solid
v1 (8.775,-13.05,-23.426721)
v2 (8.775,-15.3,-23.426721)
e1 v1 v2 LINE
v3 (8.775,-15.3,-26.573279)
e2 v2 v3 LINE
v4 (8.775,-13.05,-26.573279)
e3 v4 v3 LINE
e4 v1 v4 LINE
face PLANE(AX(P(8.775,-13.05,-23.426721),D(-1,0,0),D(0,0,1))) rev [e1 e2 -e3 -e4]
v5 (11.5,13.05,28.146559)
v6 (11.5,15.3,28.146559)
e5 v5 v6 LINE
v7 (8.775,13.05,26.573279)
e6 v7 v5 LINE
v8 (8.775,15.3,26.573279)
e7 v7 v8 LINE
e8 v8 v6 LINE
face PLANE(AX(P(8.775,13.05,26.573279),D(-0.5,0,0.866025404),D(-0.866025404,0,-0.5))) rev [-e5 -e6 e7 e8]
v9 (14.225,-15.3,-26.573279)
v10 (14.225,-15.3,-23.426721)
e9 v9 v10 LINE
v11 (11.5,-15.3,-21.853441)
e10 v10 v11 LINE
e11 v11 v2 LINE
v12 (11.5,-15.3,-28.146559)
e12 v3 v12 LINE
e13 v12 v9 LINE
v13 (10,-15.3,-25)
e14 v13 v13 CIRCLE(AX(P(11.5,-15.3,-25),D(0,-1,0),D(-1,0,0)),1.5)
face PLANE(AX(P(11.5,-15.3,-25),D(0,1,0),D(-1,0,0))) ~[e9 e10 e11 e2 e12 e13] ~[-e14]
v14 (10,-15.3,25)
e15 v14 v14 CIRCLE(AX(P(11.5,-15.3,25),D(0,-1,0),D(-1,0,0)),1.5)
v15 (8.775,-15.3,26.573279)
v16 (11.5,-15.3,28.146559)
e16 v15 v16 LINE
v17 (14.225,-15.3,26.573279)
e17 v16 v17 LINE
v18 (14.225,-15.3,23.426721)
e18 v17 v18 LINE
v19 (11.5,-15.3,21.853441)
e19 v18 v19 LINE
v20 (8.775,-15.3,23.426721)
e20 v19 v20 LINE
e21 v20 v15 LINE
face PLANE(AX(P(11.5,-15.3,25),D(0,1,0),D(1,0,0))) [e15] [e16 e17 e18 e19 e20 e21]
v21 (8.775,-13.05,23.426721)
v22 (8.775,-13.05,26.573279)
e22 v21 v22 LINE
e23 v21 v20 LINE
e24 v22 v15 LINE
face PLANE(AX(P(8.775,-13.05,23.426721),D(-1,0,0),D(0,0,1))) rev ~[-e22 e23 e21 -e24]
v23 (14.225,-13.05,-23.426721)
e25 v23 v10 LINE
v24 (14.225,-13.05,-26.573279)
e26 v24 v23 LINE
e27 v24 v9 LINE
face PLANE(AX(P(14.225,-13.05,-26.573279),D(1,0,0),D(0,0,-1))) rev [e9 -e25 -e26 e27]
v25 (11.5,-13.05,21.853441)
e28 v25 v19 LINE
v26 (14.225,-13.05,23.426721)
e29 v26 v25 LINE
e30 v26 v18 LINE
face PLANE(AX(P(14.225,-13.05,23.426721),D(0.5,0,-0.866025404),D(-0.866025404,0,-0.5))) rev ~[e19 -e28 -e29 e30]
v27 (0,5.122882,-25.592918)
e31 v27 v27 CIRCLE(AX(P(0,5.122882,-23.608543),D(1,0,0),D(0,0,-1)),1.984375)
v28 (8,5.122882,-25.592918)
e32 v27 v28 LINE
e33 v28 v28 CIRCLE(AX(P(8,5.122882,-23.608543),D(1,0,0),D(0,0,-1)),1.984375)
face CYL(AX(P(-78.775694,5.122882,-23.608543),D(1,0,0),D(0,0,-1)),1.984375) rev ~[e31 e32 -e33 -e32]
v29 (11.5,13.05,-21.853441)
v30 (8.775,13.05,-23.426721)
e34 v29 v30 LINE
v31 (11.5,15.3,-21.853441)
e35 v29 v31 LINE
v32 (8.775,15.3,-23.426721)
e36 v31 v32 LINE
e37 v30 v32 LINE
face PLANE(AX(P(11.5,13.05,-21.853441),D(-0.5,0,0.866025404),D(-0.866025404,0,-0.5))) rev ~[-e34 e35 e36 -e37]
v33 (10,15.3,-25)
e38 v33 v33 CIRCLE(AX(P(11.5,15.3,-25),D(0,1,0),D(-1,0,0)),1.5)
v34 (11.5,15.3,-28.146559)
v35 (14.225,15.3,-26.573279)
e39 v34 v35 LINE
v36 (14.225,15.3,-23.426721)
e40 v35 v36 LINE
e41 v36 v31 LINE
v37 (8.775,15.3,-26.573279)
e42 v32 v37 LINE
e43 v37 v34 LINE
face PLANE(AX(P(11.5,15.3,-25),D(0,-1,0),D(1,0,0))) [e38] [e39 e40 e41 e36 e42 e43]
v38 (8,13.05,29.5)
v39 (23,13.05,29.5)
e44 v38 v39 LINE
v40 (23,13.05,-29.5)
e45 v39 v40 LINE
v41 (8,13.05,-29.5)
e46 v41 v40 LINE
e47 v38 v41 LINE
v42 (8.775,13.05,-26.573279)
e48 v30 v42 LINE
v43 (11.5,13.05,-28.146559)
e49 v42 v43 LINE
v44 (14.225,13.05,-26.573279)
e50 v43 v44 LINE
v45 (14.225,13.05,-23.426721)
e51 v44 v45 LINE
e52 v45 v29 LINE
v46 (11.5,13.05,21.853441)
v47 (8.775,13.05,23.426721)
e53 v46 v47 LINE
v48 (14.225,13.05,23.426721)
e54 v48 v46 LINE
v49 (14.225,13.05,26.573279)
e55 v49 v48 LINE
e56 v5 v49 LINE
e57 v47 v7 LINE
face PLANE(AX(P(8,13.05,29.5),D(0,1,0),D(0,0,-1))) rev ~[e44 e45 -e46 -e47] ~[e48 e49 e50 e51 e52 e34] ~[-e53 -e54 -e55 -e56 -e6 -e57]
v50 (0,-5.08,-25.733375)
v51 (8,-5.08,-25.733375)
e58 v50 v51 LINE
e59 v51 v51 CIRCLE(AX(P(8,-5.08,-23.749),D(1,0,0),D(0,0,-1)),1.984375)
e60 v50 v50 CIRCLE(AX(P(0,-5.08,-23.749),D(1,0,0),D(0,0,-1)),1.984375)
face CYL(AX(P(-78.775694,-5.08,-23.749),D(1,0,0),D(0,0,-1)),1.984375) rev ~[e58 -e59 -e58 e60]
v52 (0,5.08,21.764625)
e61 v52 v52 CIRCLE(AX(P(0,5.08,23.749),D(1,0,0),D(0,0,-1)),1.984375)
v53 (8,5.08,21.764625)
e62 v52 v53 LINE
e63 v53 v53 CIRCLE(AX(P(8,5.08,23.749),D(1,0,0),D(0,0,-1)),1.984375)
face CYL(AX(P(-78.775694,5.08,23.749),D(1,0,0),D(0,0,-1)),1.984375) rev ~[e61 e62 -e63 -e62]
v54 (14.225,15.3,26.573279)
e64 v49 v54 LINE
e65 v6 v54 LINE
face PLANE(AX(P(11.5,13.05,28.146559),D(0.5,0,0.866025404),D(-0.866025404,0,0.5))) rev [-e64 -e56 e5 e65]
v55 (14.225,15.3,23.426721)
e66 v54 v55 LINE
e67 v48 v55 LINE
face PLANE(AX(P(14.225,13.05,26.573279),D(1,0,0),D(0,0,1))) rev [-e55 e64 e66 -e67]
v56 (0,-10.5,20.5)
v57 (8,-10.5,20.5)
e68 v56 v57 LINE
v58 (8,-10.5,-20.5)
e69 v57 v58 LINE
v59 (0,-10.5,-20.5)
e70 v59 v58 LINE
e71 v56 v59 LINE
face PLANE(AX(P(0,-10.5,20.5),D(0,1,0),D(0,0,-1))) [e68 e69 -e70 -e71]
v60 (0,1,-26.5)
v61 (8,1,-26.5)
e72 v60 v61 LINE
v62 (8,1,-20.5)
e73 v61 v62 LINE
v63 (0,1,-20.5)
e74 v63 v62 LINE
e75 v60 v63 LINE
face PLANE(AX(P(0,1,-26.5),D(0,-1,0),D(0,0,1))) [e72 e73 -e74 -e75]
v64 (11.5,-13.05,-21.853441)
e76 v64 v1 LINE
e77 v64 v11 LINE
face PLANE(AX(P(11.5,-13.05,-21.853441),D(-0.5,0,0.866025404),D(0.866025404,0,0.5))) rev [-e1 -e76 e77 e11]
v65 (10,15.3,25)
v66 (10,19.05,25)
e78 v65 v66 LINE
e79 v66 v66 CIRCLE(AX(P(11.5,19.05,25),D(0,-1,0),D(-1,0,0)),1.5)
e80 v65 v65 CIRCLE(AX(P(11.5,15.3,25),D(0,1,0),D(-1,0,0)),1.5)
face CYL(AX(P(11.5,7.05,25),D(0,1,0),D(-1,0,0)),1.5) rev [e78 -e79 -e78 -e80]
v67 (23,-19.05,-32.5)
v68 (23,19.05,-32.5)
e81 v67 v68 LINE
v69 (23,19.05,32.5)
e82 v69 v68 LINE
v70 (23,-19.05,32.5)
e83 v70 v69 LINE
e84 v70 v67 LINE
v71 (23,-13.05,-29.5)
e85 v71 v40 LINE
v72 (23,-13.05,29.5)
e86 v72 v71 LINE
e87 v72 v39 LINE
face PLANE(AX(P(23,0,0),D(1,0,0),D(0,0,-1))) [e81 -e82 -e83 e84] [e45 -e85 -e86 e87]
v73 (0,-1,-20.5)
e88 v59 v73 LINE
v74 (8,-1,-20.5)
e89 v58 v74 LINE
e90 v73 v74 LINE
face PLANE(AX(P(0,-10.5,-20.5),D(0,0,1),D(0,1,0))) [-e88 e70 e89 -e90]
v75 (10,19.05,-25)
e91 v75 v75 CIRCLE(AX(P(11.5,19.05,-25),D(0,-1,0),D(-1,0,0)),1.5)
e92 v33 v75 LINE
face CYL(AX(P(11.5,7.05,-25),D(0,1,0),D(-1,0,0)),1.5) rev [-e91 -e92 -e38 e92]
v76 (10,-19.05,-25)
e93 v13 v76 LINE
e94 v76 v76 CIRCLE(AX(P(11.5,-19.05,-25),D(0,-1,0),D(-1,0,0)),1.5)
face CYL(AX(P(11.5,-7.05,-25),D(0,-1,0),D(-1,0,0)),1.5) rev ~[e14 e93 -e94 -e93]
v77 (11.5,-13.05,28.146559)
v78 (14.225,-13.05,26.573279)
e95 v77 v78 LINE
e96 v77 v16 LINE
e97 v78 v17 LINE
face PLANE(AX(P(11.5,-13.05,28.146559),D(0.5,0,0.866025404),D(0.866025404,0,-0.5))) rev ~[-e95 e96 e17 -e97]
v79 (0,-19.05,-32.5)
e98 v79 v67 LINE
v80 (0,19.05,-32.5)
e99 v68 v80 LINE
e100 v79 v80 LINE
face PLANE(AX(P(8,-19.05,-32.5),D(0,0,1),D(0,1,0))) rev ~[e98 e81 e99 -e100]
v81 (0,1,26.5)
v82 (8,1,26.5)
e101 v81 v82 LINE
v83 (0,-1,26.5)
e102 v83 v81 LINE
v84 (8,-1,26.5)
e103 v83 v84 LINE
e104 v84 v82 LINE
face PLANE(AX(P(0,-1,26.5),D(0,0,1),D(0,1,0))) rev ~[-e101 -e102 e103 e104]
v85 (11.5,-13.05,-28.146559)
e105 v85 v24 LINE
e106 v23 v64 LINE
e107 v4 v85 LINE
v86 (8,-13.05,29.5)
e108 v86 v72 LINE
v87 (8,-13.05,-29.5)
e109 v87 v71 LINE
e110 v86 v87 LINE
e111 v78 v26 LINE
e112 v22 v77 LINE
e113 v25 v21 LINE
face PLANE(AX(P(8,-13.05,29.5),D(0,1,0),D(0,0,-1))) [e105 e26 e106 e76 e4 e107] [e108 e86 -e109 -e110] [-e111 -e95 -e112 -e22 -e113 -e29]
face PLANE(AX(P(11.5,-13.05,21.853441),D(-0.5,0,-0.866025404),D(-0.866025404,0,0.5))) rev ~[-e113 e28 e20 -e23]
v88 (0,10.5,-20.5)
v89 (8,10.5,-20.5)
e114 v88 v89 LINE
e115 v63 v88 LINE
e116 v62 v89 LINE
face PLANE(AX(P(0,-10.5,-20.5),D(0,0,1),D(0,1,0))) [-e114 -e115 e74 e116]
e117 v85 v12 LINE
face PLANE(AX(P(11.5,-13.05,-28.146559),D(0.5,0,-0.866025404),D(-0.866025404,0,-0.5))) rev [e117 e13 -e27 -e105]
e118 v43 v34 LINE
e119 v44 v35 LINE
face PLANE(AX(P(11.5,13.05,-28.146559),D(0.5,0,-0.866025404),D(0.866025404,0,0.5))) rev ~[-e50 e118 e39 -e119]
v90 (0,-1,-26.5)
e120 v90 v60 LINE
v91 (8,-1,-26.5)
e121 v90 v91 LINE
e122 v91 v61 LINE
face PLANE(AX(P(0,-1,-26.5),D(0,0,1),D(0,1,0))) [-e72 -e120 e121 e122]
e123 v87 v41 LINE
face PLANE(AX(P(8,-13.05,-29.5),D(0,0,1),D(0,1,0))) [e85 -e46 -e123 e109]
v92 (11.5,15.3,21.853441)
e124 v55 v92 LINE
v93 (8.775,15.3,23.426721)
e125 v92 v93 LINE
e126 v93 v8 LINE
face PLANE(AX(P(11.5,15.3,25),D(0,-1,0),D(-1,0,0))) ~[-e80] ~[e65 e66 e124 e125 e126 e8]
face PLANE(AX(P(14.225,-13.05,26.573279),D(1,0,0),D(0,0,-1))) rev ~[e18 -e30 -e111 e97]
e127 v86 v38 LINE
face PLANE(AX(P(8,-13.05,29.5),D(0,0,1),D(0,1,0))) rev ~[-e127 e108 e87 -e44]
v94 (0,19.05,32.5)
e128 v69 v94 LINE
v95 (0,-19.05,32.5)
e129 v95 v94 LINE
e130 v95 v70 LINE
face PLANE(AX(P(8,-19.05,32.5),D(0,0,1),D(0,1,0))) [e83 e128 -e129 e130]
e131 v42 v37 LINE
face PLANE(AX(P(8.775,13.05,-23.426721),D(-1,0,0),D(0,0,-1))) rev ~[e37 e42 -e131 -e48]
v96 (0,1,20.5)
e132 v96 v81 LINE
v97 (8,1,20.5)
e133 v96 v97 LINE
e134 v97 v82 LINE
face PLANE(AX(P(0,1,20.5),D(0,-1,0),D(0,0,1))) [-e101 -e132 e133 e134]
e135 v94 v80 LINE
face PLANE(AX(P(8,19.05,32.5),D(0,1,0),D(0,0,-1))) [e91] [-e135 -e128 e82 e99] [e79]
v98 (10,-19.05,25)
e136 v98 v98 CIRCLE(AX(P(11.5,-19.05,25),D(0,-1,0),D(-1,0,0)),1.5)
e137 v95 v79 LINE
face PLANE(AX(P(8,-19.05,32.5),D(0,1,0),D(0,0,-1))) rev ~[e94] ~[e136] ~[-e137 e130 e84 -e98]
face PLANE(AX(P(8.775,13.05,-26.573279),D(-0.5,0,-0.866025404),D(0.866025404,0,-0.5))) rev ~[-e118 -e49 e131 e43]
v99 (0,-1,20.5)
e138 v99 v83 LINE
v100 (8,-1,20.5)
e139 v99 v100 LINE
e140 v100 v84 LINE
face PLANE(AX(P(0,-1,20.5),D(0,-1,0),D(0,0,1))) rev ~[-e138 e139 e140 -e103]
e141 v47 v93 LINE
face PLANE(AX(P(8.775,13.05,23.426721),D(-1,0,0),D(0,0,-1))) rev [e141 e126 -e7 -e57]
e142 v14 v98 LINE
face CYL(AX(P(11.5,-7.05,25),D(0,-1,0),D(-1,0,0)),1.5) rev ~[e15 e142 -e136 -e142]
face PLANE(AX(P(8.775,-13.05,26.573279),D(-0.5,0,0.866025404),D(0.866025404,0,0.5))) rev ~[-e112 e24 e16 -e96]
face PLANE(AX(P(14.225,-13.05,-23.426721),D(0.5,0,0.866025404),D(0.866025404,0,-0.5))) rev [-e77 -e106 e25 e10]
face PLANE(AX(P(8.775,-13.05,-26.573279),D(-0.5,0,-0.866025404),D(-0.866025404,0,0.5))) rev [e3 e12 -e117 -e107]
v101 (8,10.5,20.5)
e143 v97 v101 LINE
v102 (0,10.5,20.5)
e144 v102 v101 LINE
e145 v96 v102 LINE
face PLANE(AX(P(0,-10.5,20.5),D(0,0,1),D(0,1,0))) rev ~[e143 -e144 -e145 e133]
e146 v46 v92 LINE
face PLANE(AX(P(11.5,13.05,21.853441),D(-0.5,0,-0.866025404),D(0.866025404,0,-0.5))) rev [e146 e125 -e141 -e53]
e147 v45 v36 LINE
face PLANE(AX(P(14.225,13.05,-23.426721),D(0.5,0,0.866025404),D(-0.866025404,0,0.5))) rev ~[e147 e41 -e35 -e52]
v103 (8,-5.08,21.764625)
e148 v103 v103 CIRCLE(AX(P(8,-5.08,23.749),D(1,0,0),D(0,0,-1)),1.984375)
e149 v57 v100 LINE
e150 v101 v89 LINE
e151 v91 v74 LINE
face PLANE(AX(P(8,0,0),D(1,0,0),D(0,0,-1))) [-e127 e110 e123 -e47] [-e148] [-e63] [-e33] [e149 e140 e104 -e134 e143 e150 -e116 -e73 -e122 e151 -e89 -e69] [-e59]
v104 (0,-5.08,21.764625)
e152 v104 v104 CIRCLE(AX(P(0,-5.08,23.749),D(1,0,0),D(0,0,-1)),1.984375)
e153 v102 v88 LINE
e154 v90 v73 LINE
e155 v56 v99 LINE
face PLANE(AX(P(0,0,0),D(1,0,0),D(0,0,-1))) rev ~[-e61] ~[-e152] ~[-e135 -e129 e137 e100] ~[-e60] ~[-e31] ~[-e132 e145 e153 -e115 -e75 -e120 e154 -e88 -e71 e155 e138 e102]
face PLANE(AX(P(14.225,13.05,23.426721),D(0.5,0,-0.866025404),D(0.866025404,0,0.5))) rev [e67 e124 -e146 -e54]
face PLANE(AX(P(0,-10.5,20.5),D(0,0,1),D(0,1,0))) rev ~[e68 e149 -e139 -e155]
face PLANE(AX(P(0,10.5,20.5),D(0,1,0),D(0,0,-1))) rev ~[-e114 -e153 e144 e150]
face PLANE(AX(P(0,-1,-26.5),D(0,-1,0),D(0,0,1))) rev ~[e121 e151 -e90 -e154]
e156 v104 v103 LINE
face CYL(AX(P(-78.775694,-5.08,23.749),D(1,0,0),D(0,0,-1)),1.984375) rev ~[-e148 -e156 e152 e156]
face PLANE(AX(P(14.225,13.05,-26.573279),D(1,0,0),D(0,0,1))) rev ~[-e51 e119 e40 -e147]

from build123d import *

# Parameters (mm, degrees)
SKETCH1_W                                = 65
SKETCH1_H                                = 38.1
SKETCH1_W_2                              = 41
SKETCH1_H_2                              = 21
BOSS_EXTRUDE1_DEPTH                      = 8
SKETCH2_W                                = 65
SKETCH2_H                                = 38.1
SKETCH2_W_2                              = 59
SKETCH2_H_2                              = 26.1
BOSS_EXTRUDE2_DEPTH                      = 15
F_5_32_0_15625_DIAMETER_HOLE1_D          = 3.96875
F_3_0MM_DOWEL_HOLE1_D                    = 3
F_3_0MM_DOWEL_HOLE1_DEPTH                = 6
CUT_EXTRUDE1_DEPTH                       = 2.25
MIRROR2_AT_THE_SECOND_PLANE_COPY_1_DEPTH = 2.25
SKETCH9_W                                = 6
SKETCH9_H                                = 2
CUT_EXTRUDE2_DEPTH                       = 8


with BuildPart() as part:
    # Sketch1 → Boss-Extrude1 (new body)
    with BuildSketch(Plane(origin=(0, 0, 0), x_dir=(0, 0, -1), z_dir=(1, 0, 0))):
        Rectangle(SKETCH1_W, SKETCH1_H)
        Rectangle(SKETCH1_W_2, SKETCH1_H_2, mode=Mode.SUBTRACT)
    extrude(amount=BOSS_EXTRUDE1_DEPTH)

    # Sketch2 → Boss-Extrude2 (add)
    with BuildSketch(Plane(origin=(8, 0, 0), x_dir=(0, 0, -1), z_dir=(1, 0, 0))):
        Rectangle(SKETCH2_W, SKETCH2_H)
        Rectangle(SKETCH2_W_2, SKETCH2_H_2, mode=Mode.SUBTRACT)
    extrude(amount=BOSS_EXTRUDE2_DEPTH)

    # 5/32 (0.15625) Diameter Hole1 (through all)
    with Locations(Plane.ZY):
        with Locations((-23.60854322, 5.122882485), (-23.749, -5.08), (23.749, -5.08), (23.749, 5.08)):
            Hole(F_5_32_0_15625_DIAMETER_HOLE1_D / 2)

    # Ø3.0mm Dowel Hole1
    with Locations(Plane(origin=(0, -13.05, 0), x_dir=(1, 0, 0), z_dir=(0, 1, 0))):
        with Locations((11.5, 25), (11.5, -25)):
            f_3_0mm_dowel_hole1 = Hole(F_3_0MM_DOWEL_HOLE1_D / 2, depth=F_3_0MM_DOWEL_HOLE1_DEPTH)

    # Mirror1: Ø3.0mm Dowel Hole1 across plane
    add(f_3_0mm_dowel_hole1.mirror(Plane.ZX), mode=Mode.SUBTRACT)

    # Sketch7 → Cut-Extrude1 (cut)
    with BuildSketch(Plane(origin=(0, -13.05, 0), x_dir=(1, 0, 0), z_dir=(0, 1, 0))):
        Polygon((8.775, -26.573279484), (11.5, -28.146558967), (14.225, -26.573279484), (14.225, -23.426720516), (11.5, -21.853441033), (8.775, -23.426720516), align=None)
    cut_extrude1 = extrude(amount=-CUT_EXTRUDE1_DEPTH, mode=Mode.SUBTRACT)

    # Mirror2: Cut-Extrude1 across plane
    add(cut_extrude1.mirror(Plane.ZX), mode=Mode.SUBTRACT)

    # Mirror2 at the second plane: Cut-Extrude1 across plane
    add(cut_extrude1.mirror(Plane.XY), mode=Mode.SUBTRACT)

    # Mirror2 at the second plane copy 1 sketc → Mirror2 at the second plane copy 1 (cut)
    with BuildSketch(Plane.XZ.offset(-13.05)):
        Polygon((8.775, -26.573279484), (11.5, -28.146558967), (14.225, -26.573279484), (14.225, -23.426720516), (11.5, -21.853441033), (8.775, -23.426720516), align=None)
    extrude(amount=-MIRROR2_AT_THE_SECOND_PLANE_COPY_1_DEPTH, mode=Mode.SUBTRACT)

    # Sketch9 → Cut-Extrude2 (cut)
    with BuildSketch(Plane.ZY):
        with Locations((-23.5, 0)):
            Rectangle(SKETCH9_W, SKETCH9_H)
        with Locations((23.5, 0)):
            Rectangle(SKETCH9_W, SKETCH9_H)
    extrude(amount=-CUT_EXTRUDE2_DEPTH, mode=Mode.SUBTRACT)


solid = part.part
